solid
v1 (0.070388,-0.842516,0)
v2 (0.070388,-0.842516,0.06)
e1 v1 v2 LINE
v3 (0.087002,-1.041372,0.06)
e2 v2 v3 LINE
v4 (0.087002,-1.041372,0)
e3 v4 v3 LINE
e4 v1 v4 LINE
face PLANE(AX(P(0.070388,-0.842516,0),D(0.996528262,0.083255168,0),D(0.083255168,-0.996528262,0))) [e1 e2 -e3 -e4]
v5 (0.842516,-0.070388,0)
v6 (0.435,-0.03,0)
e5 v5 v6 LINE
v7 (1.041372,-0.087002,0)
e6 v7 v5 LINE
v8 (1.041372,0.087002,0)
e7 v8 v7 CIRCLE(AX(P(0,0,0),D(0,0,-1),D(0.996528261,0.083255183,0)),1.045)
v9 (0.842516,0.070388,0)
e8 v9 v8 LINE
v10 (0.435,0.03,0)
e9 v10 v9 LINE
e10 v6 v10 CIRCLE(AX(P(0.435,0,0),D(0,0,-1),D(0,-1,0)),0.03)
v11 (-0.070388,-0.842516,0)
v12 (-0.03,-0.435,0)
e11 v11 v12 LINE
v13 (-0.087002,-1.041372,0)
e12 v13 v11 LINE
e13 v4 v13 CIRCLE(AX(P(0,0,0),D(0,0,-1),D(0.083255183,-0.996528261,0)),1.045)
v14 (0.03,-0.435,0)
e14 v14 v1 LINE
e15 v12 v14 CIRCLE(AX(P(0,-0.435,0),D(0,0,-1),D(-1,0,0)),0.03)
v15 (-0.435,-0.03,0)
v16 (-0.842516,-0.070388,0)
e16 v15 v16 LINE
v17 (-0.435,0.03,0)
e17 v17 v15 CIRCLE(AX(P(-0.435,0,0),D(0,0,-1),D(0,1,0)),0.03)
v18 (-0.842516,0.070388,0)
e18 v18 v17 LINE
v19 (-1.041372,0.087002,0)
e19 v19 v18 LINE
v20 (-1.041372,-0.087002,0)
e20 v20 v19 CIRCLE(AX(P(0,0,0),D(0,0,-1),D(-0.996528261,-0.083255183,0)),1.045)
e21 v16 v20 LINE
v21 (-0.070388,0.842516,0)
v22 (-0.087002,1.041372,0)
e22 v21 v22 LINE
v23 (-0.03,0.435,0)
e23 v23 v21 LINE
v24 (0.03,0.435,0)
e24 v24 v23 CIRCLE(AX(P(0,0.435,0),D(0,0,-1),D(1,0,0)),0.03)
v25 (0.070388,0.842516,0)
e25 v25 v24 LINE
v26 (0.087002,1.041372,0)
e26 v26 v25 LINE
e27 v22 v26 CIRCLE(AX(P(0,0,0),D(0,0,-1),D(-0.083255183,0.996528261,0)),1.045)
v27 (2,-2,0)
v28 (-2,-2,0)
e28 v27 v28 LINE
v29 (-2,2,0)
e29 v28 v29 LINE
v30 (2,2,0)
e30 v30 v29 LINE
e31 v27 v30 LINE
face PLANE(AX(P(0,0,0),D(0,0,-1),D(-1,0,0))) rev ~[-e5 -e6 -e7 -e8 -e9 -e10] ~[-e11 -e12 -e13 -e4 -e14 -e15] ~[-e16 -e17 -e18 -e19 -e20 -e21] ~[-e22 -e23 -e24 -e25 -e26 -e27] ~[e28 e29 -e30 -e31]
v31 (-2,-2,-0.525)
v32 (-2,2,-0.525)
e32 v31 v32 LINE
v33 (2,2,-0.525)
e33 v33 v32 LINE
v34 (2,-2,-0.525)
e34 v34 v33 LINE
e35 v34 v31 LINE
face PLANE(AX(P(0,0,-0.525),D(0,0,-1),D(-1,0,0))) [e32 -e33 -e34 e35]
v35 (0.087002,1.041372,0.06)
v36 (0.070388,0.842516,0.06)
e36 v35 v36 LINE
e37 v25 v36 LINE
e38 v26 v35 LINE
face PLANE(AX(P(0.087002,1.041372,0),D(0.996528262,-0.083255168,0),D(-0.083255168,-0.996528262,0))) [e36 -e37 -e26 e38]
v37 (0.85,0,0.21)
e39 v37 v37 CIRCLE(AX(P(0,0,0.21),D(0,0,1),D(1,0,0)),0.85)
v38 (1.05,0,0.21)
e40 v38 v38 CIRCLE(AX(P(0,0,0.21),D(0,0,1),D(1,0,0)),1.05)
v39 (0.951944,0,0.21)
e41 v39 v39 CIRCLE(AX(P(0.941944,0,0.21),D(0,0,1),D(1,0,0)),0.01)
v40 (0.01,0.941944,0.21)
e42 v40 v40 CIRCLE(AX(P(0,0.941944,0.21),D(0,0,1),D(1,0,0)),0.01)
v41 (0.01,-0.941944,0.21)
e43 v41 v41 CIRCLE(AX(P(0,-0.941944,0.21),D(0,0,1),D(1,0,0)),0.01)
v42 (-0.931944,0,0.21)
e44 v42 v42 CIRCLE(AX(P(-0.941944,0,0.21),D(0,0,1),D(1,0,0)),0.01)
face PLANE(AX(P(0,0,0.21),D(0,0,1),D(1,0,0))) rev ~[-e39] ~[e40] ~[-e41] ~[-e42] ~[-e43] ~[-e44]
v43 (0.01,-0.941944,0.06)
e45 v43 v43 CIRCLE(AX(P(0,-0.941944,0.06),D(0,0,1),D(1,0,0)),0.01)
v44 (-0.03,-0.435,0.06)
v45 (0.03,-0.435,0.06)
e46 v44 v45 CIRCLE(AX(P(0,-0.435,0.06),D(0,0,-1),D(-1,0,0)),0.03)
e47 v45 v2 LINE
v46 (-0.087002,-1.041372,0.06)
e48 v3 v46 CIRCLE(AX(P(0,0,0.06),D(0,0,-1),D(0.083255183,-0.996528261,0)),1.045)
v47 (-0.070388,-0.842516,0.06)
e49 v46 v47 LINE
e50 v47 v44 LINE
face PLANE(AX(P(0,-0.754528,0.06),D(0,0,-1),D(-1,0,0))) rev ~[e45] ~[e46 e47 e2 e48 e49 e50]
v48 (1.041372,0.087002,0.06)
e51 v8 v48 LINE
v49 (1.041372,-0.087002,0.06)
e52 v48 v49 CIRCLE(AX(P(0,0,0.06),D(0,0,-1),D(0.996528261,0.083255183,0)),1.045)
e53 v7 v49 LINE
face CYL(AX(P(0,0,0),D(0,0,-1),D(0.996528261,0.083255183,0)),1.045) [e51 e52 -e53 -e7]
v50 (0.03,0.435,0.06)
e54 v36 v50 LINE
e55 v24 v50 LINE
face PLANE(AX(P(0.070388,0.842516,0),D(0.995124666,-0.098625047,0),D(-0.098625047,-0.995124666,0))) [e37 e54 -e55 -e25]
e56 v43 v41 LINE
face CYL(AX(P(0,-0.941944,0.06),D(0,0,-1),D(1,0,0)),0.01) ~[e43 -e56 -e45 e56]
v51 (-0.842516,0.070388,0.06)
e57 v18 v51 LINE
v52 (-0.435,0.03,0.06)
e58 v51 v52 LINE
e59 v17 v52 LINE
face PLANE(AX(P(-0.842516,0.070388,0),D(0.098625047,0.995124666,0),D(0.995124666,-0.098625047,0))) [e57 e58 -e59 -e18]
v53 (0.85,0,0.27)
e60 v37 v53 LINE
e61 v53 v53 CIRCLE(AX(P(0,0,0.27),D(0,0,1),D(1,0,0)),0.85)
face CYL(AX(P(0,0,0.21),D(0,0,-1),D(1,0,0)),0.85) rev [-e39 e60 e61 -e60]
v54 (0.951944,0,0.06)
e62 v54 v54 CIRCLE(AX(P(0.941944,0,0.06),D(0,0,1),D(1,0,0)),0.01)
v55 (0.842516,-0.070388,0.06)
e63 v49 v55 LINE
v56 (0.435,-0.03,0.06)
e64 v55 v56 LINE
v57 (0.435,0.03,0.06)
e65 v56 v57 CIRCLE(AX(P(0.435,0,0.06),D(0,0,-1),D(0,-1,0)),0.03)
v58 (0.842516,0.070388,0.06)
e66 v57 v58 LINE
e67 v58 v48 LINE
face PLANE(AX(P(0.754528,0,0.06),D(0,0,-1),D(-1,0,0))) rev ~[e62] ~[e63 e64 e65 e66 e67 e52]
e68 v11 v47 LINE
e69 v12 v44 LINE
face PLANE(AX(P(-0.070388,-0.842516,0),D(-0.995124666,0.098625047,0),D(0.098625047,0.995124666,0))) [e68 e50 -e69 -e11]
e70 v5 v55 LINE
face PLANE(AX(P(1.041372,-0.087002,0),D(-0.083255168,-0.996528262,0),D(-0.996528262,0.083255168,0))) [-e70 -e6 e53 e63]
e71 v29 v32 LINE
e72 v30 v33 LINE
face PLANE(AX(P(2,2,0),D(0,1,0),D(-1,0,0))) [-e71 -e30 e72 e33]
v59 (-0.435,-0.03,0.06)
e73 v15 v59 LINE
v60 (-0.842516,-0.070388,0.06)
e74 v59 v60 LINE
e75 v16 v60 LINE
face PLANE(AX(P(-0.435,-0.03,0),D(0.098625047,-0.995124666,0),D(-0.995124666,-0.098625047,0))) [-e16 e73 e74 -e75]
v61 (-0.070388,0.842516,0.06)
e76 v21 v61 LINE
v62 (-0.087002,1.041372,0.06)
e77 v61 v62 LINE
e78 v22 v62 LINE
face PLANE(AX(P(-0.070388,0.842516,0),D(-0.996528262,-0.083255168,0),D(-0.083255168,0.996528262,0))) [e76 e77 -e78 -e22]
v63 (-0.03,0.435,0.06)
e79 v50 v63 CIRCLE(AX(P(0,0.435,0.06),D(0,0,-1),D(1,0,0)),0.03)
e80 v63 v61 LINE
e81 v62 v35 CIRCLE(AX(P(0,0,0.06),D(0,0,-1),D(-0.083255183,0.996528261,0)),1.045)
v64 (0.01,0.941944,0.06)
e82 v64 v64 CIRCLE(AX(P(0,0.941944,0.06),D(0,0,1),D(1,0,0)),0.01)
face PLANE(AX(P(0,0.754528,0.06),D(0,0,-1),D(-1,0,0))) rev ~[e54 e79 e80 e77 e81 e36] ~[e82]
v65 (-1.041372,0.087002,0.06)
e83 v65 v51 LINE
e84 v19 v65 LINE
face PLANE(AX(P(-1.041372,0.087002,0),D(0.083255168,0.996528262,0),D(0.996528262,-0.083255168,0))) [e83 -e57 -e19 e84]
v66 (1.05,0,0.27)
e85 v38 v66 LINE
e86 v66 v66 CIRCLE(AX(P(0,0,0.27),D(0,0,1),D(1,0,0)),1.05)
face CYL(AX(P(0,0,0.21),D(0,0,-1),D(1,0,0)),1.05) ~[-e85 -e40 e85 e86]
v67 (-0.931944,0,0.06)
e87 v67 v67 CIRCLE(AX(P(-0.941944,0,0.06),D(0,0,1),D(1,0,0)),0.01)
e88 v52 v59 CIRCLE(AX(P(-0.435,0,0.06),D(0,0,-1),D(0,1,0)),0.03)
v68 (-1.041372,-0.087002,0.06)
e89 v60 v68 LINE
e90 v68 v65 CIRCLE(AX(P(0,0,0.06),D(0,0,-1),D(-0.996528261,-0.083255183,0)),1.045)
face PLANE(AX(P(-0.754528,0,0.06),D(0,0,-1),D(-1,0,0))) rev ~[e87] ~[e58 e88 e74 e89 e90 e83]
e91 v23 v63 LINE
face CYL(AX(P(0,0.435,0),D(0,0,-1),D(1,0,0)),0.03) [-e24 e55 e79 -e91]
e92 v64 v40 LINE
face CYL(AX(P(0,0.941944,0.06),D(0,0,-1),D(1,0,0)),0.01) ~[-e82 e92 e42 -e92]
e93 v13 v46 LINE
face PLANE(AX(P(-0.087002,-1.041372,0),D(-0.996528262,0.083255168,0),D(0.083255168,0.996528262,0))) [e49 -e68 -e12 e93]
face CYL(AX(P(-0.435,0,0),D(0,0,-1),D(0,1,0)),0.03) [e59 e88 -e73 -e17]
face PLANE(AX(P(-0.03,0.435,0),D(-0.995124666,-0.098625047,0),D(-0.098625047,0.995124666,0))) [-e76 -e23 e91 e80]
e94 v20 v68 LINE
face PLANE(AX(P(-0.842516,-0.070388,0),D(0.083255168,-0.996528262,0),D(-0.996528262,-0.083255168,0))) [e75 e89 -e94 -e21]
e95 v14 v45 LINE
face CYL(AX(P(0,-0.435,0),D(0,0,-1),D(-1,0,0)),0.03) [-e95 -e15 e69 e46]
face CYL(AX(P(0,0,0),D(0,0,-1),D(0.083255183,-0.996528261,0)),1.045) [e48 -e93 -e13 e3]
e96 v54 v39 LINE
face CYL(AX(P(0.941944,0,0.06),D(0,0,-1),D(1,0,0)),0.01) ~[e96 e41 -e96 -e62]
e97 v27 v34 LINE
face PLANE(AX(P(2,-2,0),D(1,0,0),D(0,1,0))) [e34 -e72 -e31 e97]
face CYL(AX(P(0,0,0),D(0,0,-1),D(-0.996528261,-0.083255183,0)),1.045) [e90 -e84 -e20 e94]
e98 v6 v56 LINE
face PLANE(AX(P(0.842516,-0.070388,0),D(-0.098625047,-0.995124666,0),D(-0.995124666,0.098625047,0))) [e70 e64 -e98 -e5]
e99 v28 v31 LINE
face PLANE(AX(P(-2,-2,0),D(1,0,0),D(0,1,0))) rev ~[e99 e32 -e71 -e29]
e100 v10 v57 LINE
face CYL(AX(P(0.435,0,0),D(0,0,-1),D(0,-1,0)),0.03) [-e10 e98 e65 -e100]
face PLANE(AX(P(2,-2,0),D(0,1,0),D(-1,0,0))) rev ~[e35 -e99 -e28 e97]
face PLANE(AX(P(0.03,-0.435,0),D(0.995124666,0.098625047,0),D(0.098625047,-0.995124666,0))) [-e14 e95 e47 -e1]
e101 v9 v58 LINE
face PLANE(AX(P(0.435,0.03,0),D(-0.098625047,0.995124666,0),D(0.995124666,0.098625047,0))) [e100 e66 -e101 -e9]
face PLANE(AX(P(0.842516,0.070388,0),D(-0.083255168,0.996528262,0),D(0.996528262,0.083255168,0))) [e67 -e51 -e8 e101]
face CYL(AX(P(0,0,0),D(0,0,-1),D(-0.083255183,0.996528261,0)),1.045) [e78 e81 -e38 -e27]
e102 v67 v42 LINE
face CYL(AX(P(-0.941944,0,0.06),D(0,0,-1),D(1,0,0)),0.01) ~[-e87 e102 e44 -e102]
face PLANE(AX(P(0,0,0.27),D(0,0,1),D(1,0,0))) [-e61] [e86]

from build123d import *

# Parameters (mm, degrees)
EXTRUDE_1_DEPTH   = 0.06
EXTRUDE_1_2_DEPTH = 0.06
EXTRUDE_1_3_DEPTH = 0.06
EXTRUDE_1_4_DEPTH = 0.06
SKETCH_2_R        = 0.01
EXTRUDE_2_DEPTH   = 0.15
SKETCH_3_R        = 1.05
SKETCH_3_R_2      = 0.85
EXTRUDE_3_DEPTH   = 0.06
SKETCH_4_W        = 4
SKETCH_4_H        = 4
EXTRUDE_5_DEPTH   = 0.525


with BuildPart() as part:
    # 草圖1 → 填料-伸長1 (new body)
    with BuildSketch(Plane.XY):
        with BuildLine():
            Line((-0.03, 0.435), (-0.070388149, 0.842515581))
            Line((-0.070388149, 0.842515581), (-0.087001654, 1.041372033))
            ThreePointArc((-0.087001654, 1.041372033), (0, 1.045), (0.087001654, 1.041372033))
            Line((0.087001654, 1.041372033), (0.070388149, 0.842515581))
            Line((0.070388149, 0.842515581), (0.03, 0.435))
            ThreePointArc((0.03, 0.435), (0, 0.405), (-0.03, 0.435))
        make_face()
    extrude(amount=EXTRUDE_1_DEPTH)



with BuildPart() as body_2:
    # 草圖1 → Extrude 1 2 (new body)
    with BuildSketch(Plane.XY):
        with BuildLine():
            Line((0.435, 0.03), (0.842515581, 0.070388149))
            Line((0.842515581, 0.070388149), (1.041372033, 0.087001654))
            ThreePointArc((1.041372033, 0.087001654), (1.045, 0), (1.041372033, -0.087001654))
            Line((1.041372033, -0.087001654), (0.842515581, -0.070388149))
            Line((0.842515581, -0.070388149), (0.435, -0.03))
            ThreePointArc((0.435, -0.03), (0.405, 0), (0.435, 0.03))
        make_face()
    extrude(amount=EXTRUDE_1_2_DEPTH)


with BuildPart() as body_3:
    # 草圖1 → Extrude 1 3 (new body)
    with BuildSketch(Plane.XY):
        with BuildLine():
            Line((0.03, -0.435), (0.070388149, -0.842515581))
            Line((0.070388149, -0.842515581), (0.087001654, -1.041372033))
            ThreePointArc((0.087001654, -1.041372033), (0, -1.045), (-0.087001654, -1.041372033))
            Line((-0.087001654, -1.041372033), (-0.070388149, -0.842515581))
            Line((-0.070388149, -0.842515581), (-0.03, -0.435))
            ThreePointArc((-0.03, -0.435), (0, -0.405), (0.03, -0.435))
        make_face()
    extrude(amount=EXTRUDE_1_3_DEPTH)


with BuildPart() as body_4:
    # 草圖1 → Extrude 1 4 (new body)
    with BuildSketch(Plane.XY):
        with BuildLine():
            Line((-0.435, -0.03), (-0.842515581, -0.070388149))
            Line((-0.842515581, -0.070388149), (-1.041372033, -0.087001654))
            ThreePointArc((-1.041372033, -0.087001654), (-1.045, 0), (-1.041372033, 0.087001654))
            Line((-1.041372033, 0.087001654), (-0.842515581, 0.070388149))
            Line((-0.842515581, 0.070388149), (-0.435, 0.03))
            ThreePointArc((-0.435, 0.03), (-0.405, 0), (-0.435, -0.03))
        make_face()
    extrude(amount=EXTRUDE_1_4_DEPTH)


with BuildPart() as part_1:
    add(part.part)

    add(body_2.part)  # 填料-伸長2 merges body 2

    add(body_3.part)  # 填料-伸長2 merges body 3

    add(body_4.part)  # 填料-伸長2 merges body 4
    # 草圖2 → 填料-伸長2 (add)
    with BuildSketch(Plane.XY.offset(0.06)):
        with Locations((0.941943807, 0)):
            Circle(SKETCH_2_R)
        with Locations((0, 0.941943807)):
            Circle(SKETCH_2_R)
        with Locations((-0.941943807, 0)):
            Circle(SKETCH_2_R)
        with Locations((0, -0.941943807)):
            Circle(SKETCH_2_R)
    extrude(amount=EXTRUDE_2_DEPTH)

    # 草圖3 → 填料-伸長3 (add)
    with BuildSketch(Plane.XY.offset(0.21)):
        Circle(SKETCH_3_R)
        Circle(SKETCH_3_R_2, mode=Mode.SUBTRACT)
    extrude(amount=EXTRUDE_3_DEPTH)

    # 草圖4 → 填料-伸長5 (add)
    with BuildSketch(Plane(origin=(0, 0, 0), x_dir=(-1, 0, 0), z_dir=(0, 0, -1))):
        Rectangle(SKETCH_4_W, SKETCH_4_H)
    extrude(amount=EXTRUDE_5_DEPTH)


solid = part_1.part
